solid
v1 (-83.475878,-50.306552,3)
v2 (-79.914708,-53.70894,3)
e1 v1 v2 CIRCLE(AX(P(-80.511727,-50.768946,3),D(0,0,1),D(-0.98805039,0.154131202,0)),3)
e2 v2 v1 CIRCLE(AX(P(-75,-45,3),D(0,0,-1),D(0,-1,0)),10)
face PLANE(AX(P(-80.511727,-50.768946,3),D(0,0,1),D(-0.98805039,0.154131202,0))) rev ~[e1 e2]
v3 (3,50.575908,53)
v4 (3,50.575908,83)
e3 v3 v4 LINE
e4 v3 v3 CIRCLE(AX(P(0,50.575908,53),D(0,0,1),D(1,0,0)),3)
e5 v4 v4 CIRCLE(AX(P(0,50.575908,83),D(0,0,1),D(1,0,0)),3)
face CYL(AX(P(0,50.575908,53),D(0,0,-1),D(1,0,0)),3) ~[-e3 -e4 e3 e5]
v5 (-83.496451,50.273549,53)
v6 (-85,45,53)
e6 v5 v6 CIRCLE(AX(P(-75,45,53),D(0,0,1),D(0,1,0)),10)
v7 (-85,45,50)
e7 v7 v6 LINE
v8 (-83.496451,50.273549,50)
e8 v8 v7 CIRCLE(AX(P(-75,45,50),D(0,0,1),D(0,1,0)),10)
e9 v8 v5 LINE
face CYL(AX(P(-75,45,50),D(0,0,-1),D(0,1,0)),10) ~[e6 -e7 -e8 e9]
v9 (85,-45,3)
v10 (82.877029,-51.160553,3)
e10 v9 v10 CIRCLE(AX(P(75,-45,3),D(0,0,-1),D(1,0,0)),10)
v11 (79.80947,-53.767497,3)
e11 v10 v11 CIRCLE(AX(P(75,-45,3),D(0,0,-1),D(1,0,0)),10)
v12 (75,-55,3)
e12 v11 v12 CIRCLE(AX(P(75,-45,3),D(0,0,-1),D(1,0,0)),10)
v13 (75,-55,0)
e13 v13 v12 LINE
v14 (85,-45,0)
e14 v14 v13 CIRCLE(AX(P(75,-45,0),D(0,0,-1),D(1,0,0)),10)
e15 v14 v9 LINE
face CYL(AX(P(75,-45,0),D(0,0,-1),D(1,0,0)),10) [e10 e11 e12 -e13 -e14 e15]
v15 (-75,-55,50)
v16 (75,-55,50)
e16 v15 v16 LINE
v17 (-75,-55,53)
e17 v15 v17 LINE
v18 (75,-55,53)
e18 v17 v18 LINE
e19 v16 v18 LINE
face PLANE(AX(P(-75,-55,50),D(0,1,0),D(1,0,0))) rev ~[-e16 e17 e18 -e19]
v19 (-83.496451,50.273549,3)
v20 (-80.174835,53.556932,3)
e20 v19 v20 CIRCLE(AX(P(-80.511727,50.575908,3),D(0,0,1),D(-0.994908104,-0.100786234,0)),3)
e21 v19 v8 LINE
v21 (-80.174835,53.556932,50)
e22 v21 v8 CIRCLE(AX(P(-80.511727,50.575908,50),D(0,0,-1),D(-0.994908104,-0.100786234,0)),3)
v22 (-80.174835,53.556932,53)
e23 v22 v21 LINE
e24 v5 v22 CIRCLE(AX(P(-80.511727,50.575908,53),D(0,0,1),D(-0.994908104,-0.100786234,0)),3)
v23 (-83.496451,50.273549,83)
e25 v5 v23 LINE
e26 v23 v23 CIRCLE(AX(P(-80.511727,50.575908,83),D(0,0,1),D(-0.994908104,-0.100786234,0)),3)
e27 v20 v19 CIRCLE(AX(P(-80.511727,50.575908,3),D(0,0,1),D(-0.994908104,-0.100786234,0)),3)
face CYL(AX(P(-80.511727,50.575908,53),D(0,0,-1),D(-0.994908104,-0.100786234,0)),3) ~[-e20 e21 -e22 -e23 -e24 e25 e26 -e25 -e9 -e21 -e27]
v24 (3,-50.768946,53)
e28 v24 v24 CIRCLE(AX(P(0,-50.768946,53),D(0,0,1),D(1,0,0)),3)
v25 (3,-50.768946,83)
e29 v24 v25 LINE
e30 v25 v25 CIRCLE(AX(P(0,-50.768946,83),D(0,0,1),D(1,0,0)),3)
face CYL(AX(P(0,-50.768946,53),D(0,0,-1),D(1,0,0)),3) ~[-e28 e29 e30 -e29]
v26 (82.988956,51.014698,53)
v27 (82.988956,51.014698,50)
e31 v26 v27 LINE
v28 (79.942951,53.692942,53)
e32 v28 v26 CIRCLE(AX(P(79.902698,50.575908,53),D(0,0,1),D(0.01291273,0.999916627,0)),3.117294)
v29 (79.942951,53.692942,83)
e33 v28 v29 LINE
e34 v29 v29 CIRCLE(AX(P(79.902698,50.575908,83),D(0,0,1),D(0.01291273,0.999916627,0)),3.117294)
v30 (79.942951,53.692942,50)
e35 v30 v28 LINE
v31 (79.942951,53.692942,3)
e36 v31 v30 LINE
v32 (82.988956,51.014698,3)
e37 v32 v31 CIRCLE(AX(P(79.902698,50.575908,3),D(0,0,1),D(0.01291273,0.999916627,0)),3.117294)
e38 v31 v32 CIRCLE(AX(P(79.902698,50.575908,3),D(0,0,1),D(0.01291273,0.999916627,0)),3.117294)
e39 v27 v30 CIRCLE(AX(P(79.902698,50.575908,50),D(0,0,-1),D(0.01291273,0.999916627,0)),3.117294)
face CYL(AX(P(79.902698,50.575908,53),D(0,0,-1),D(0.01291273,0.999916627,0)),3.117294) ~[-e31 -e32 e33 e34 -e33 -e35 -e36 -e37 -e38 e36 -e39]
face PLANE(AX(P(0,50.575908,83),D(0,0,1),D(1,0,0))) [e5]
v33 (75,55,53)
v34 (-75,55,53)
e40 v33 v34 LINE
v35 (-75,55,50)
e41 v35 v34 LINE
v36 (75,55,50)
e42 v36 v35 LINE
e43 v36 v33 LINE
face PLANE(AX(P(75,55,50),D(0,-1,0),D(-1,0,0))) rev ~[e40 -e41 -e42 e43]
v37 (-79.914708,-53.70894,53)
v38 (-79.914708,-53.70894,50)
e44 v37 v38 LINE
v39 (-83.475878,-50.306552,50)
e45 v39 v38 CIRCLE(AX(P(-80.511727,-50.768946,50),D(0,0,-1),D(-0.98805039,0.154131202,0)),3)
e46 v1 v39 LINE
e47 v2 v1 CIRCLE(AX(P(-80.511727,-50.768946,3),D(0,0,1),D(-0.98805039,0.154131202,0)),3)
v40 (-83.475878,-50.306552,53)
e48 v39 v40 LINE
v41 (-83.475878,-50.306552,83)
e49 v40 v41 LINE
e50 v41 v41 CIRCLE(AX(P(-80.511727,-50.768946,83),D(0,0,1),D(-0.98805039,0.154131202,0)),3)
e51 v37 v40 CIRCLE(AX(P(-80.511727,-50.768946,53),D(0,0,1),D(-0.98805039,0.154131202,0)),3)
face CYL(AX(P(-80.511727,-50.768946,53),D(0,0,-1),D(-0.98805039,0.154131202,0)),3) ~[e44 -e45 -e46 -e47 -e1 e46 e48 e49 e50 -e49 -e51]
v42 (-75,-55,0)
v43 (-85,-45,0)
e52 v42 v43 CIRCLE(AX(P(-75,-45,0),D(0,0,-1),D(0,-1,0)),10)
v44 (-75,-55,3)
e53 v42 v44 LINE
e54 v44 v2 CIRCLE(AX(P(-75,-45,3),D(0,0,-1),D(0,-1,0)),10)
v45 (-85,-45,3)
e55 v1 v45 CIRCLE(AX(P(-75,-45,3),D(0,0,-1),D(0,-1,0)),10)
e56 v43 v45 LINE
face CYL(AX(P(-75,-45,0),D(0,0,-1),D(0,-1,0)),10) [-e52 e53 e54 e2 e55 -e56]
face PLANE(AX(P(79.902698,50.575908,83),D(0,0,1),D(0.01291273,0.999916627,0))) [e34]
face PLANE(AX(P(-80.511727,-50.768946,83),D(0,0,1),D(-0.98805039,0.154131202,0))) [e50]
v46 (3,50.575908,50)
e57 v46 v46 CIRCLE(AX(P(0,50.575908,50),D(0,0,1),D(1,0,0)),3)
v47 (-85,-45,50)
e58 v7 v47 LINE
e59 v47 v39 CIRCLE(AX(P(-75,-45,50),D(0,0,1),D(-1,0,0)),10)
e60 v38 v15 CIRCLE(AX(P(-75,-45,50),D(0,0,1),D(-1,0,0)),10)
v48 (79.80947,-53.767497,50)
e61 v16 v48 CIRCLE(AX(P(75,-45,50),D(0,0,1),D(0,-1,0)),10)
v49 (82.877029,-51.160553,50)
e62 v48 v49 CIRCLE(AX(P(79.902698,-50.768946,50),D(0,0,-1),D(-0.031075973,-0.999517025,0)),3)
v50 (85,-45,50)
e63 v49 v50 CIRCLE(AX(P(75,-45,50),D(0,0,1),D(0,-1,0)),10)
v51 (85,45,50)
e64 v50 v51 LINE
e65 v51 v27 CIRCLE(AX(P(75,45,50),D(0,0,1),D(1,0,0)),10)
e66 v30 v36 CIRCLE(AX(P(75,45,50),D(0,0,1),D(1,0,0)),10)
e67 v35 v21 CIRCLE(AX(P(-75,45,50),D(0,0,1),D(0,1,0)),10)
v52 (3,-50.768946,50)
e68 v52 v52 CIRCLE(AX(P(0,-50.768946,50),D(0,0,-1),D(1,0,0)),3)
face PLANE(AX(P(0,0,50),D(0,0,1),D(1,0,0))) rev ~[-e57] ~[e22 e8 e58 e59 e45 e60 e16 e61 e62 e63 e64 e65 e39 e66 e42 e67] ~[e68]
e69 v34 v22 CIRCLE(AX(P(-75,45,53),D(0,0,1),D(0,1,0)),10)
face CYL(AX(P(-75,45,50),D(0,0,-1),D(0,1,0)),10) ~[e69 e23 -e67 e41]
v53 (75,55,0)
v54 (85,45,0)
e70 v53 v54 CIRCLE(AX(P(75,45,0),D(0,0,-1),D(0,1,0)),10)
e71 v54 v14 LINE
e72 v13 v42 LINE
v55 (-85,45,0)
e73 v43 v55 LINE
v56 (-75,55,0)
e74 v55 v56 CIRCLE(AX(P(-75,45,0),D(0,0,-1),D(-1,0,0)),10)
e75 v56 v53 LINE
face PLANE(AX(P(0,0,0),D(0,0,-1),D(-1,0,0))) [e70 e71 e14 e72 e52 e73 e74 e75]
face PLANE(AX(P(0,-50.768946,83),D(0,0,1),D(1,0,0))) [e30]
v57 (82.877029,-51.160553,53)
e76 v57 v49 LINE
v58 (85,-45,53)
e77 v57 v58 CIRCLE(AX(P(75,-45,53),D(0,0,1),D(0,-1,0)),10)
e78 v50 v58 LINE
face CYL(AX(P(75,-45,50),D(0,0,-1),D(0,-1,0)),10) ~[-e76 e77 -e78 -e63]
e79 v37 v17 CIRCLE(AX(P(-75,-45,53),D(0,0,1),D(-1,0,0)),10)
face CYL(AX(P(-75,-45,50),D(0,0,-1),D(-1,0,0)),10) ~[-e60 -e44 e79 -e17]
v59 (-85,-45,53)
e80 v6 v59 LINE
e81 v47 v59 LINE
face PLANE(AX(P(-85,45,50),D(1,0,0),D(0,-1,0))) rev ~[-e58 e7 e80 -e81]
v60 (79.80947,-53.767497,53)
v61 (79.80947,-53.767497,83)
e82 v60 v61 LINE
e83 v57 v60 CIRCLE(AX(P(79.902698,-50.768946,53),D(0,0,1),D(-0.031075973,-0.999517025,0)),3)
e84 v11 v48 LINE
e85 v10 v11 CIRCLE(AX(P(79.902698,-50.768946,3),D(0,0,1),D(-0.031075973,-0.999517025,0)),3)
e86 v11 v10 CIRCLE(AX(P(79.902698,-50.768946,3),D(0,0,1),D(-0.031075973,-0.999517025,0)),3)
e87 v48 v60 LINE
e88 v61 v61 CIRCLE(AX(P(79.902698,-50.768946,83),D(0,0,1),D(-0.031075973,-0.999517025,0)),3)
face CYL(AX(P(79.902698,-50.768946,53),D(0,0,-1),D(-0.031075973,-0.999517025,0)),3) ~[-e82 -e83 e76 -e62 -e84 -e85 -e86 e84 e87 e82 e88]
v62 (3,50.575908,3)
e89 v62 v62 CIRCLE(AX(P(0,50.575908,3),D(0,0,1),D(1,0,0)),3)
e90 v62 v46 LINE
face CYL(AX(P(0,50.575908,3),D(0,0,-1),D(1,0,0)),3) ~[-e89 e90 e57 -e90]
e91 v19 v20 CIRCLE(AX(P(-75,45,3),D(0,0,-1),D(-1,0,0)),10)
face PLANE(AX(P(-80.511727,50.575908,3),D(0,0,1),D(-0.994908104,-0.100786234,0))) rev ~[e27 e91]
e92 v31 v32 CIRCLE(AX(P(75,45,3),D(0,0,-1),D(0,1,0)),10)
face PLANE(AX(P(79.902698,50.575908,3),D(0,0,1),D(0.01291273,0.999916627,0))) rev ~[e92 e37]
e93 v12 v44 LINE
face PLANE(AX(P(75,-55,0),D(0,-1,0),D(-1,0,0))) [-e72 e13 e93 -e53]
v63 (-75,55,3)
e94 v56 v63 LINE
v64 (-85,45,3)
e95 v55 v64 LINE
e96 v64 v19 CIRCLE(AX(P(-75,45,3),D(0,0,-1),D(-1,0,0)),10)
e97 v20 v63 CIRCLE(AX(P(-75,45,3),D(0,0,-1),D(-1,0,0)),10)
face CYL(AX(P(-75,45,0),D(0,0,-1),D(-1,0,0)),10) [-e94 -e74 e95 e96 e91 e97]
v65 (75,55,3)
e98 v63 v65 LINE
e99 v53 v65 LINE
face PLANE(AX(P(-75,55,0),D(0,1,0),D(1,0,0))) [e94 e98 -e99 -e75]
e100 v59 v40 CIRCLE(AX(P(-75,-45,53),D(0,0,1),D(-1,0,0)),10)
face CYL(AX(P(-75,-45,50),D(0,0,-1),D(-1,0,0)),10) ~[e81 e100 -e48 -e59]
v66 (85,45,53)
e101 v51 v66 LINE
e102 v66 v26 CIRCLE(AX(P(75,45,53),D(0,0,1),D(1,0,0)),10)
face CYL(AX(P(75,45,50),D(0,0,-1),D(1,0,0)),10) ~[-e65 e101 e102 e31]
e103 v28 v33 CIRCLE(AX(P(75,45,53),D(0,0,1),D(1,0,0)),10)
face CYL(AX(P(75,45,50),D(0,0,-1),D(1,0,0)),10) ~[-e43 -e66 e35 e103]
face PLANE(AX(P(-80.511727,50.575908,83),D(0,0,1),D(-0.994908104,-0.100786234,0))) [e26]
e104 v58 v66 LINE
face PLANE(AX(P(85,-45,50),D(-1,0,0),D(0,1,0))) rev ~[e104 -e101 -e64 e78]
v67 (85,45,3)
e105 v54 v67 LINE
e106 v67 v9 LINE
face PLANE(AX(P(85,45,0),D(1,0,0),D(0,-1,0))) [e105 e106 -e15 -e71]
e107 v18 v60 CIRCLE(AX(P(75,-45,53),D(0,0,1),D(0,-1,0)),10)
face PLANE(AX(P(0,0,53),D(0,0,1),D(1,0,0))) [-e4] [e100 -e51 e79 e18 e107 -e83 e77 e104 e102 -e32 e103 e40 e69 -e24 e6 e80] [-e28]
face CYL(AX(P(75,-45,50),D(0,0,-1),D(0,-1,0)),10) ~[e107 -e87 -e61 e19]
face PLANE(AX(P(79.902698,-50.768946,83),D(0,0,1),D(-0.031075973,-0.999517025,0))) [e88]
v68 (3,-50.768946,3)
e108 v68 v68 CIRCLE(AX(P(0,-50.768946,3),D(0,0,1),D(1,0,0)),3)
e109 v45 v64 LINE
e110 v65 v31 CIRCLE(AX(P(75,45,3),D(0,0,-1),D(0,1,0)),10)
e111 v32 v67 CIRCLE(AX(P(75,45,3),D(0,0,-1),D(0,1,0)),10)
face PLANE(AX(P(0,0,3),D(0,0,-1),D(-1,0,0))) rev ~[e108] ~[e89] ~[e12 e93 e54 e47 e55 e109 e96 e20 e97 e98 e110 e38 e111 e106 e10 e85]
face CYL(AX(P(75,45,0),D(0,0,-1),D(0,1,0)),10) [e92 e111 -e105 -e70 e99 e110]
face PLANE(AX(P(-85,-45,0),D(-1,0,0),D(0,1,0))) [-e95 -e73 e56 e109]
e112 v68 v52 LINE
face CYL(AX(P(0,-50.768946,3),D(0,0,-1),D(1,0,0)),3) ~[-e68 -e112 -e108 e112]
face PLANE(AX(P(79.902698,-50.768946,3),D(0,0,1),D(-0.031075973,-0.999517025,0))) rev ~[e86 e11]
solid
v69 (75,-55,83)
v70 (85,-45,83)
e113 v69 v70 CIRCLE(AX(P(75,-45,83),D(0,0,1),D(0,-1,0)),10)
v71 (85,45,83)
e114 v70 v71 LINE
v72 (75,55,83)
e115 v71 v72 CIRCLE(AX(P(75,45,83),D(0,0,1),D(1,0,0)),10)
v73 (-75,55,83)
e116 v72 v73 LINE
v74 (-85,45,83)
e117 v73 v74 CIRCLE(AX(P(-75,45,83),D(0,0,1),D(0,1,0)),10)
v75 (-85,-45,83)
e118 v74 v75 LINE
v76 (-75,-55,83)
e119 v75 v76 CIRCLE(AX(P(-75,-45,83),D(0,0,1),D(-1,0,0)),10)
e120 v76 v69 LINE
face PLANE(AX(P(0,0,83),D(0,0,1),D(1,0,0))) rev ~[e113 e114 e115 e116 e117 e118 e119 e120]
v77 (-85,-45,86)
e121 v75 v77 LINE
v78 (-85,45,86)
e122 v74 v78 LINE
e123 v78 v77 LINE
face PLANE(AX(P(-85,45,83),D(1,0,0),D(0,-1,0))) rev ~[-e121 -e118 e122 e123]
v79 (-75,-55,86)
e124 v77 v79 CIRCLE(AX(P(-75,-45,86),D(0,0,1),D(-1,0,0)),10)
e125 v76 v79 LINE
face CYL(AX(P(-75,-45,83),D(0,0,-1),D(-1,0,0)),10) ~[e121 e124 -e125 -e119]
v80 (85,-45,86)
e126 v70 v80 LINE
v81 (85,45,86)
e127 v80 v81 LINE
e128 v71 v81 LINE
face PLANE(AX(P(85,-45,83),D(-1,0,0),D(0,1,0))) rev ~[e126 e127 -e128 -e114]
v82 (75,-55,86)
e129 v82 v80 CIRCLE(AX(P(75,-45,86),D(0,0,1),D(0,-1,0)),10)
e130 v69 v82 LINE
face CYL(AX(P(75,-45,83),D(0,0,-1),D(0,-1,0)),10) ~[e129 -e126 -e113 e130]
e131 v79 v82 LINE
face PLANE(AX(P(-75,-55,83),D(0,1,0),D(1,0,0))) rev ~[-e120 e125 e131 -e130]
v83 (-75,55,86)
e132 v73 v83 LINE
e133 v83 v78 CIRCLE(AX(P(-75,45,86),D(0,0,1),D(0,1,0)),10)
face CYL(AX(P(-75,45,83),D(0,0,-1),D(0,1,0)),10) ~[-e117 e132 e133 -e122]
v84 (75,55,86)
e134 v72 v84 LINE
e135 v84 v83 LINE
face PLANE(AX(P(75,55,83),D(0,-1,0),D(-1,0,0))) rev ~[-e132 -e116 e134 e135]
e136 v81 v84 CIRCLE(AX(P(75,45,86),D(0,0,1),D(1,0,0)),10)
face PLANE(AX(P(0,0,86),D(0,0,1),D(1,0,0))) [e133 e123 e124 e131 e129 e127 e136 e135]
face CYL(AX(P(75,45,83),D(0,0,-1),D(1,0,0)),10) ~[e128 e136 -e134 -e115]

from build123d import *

# Parameters (mm, degrees)
BOT_PLATE_DEPTH     = 3
SKETCH2_R           = 3.117293964
SKETCH2_R_2         = 3
STANDOFFS_DEPTH     = 50
TOP_START           = -3
SKETCH15_R          = 3
TOP_PLATE_DEPTH     = 3
SKETCH17_R          = 3
SKETCH17_R_2        = 3.117293964
BOSS_EXTRUDE2_DEPTH = 30
BOSS_EXTRUDE3_DEPTH = 3


with BuildPart() as part:
    # Sketch1 → Bot plate (new body)
    with BuildSketch(Plane.XY):
        with BuildLine():
            Line((-75, 55), (75, 55))
            ThreePointArc((75, 55), (82.071067812, 52.071067812), (85, 45))
            Line((85, 45), (85, -45))
            ThreePointArc((85, -45), (82.071067812, -52.071067812), (75, -55))
            Line((75, -55), (-75, -55))
            ThreePointArc((-75, -55), (-82.071067812, -52.071067812), (-85, -45))
            Line((-85, -45), (-85, 45))
            ThreePointArc((-85, 45), (-82.071067812, 52.071067812), (-75, 55))
        make_face()
    extrude(amount=BOT_PLATE_DEPTH)

    # Sketch2 → Standoffs (add)
    with BuildSketch(Plane.XY.offset(3)):
        with Locations(Location((79.902698085, 50.575907713, 0), (0, 0, 89.260134502))):
            Circle(SKETCH2_R)
        with Locations((0, -50.768945529)):
            Circle(SKETCH2_R_2)
        with Locations(Location((-80.511726761, 50.575907713, 0), (0, 0, 185.784447102))):
            Circle(SKETCH2_R_2)
        with Locations((0, 50.575907713)):
            Circle(SKETCH2_R_2)
        with Locations(Location((79.902698085, -50.768945529, 0), (0, 0, 268.219191204))):
            Circle(SKETCH2_R_2)
        with Locations(Location((-80.511726761, -50.768945529, 0), (0, 0, 171.133587711))):
            Circle(SKETCH2_R_2)
    extrude(amount=STANDOFFS_DEPTH)

    # Sketch15 → top plate (add)
    with BuildSketch(Plane.XY.offset(53).offset(TOP_START)):
        with BuildLine():
            Line((75, 55), (-75, 55))
            ThreePointArc((-75, 55), (-82.071067812, 52.071067812), (-85, 45))
            Line((-85, 45), (-85, -45))
            ThreePointArc((-85, -45), (-82.071067812, -52.071067812), (-75, -55))
            Line((-75, -55), (75, -55))
            ThreePointArc((75, -55), (82.071067812, -52.071067812), (85, -45))
            Line((85, -45), (85, 45))
            ThreePointArc((85, 45), (82.071067812, 52.071067812), (75, 55))
        make_face()
        with Locations((0, 50.575907713)):
            Circle(SKETCH15_R, mode=Mode.SUBTRACT)
    extrude(amount=TOP_PLATE_DEPTH)

    # Sketch17 → Boss-Extrude2 (add)
    with BuildSketch(Plane.XY.offset(53)):
        with Locations(Location((-80.511726761, -50.768945529, 0), (0, 0, 171.133587711))):
            Circle(SKETCH17_R)
        with Locations(Location((-80.511726761, 50.575907713, 0), (0, 0, 185.784447102))):
            Circle(SKETCH17_R)
        with Locations((0, 50.575907713)):
            Circle(SKETCH17_R)
        with Locations(Location((79.902698085, 50.575907713, 0), (0, 0, 89.260134502))):
            Circle(SKETCH17_R_2)
        with Locations(Location((79.902698085, -50.768945529, 0), (0, 0, 268.219191204))):
            Circle(SKETCH17_R)
        with Locations((0, -50.768945529)):
            Circle(SKETCH17_R)
    extrude(amount=BOSS_EXTRUDE2_DEPTH)


with BuildPart() as body_2:
    # Sketch18 → Boss-Extrude3 (new body)
    with BuildSketch(Plane.XY.offset(83)):
        with BuildLine():
            Line((-75, -55), (75, -55))
            ThreePointArc((75, -55), (82.071067812, -52.071067812), (85, -45))
            Line((85, -45), (85, 45))
            ThreePointArc((85, 45), (82.071067812, 52.071067812), (75, 55))
            Line((75, 55), (-75, 55))
            ThreePointArc((-75, 55), (-82.071067812, 52.071067812), (-85, 45))
            Line((-85, 45), (-85, -45))
            ThreePointArc((-85, -45), (-82.071067812, -52.071067812), (-75, -55))
        make_face()
    extrude(amount=BOSS_EXTRUDE3_DEPTH)


solid = Compound([part.part, body_2.part])
